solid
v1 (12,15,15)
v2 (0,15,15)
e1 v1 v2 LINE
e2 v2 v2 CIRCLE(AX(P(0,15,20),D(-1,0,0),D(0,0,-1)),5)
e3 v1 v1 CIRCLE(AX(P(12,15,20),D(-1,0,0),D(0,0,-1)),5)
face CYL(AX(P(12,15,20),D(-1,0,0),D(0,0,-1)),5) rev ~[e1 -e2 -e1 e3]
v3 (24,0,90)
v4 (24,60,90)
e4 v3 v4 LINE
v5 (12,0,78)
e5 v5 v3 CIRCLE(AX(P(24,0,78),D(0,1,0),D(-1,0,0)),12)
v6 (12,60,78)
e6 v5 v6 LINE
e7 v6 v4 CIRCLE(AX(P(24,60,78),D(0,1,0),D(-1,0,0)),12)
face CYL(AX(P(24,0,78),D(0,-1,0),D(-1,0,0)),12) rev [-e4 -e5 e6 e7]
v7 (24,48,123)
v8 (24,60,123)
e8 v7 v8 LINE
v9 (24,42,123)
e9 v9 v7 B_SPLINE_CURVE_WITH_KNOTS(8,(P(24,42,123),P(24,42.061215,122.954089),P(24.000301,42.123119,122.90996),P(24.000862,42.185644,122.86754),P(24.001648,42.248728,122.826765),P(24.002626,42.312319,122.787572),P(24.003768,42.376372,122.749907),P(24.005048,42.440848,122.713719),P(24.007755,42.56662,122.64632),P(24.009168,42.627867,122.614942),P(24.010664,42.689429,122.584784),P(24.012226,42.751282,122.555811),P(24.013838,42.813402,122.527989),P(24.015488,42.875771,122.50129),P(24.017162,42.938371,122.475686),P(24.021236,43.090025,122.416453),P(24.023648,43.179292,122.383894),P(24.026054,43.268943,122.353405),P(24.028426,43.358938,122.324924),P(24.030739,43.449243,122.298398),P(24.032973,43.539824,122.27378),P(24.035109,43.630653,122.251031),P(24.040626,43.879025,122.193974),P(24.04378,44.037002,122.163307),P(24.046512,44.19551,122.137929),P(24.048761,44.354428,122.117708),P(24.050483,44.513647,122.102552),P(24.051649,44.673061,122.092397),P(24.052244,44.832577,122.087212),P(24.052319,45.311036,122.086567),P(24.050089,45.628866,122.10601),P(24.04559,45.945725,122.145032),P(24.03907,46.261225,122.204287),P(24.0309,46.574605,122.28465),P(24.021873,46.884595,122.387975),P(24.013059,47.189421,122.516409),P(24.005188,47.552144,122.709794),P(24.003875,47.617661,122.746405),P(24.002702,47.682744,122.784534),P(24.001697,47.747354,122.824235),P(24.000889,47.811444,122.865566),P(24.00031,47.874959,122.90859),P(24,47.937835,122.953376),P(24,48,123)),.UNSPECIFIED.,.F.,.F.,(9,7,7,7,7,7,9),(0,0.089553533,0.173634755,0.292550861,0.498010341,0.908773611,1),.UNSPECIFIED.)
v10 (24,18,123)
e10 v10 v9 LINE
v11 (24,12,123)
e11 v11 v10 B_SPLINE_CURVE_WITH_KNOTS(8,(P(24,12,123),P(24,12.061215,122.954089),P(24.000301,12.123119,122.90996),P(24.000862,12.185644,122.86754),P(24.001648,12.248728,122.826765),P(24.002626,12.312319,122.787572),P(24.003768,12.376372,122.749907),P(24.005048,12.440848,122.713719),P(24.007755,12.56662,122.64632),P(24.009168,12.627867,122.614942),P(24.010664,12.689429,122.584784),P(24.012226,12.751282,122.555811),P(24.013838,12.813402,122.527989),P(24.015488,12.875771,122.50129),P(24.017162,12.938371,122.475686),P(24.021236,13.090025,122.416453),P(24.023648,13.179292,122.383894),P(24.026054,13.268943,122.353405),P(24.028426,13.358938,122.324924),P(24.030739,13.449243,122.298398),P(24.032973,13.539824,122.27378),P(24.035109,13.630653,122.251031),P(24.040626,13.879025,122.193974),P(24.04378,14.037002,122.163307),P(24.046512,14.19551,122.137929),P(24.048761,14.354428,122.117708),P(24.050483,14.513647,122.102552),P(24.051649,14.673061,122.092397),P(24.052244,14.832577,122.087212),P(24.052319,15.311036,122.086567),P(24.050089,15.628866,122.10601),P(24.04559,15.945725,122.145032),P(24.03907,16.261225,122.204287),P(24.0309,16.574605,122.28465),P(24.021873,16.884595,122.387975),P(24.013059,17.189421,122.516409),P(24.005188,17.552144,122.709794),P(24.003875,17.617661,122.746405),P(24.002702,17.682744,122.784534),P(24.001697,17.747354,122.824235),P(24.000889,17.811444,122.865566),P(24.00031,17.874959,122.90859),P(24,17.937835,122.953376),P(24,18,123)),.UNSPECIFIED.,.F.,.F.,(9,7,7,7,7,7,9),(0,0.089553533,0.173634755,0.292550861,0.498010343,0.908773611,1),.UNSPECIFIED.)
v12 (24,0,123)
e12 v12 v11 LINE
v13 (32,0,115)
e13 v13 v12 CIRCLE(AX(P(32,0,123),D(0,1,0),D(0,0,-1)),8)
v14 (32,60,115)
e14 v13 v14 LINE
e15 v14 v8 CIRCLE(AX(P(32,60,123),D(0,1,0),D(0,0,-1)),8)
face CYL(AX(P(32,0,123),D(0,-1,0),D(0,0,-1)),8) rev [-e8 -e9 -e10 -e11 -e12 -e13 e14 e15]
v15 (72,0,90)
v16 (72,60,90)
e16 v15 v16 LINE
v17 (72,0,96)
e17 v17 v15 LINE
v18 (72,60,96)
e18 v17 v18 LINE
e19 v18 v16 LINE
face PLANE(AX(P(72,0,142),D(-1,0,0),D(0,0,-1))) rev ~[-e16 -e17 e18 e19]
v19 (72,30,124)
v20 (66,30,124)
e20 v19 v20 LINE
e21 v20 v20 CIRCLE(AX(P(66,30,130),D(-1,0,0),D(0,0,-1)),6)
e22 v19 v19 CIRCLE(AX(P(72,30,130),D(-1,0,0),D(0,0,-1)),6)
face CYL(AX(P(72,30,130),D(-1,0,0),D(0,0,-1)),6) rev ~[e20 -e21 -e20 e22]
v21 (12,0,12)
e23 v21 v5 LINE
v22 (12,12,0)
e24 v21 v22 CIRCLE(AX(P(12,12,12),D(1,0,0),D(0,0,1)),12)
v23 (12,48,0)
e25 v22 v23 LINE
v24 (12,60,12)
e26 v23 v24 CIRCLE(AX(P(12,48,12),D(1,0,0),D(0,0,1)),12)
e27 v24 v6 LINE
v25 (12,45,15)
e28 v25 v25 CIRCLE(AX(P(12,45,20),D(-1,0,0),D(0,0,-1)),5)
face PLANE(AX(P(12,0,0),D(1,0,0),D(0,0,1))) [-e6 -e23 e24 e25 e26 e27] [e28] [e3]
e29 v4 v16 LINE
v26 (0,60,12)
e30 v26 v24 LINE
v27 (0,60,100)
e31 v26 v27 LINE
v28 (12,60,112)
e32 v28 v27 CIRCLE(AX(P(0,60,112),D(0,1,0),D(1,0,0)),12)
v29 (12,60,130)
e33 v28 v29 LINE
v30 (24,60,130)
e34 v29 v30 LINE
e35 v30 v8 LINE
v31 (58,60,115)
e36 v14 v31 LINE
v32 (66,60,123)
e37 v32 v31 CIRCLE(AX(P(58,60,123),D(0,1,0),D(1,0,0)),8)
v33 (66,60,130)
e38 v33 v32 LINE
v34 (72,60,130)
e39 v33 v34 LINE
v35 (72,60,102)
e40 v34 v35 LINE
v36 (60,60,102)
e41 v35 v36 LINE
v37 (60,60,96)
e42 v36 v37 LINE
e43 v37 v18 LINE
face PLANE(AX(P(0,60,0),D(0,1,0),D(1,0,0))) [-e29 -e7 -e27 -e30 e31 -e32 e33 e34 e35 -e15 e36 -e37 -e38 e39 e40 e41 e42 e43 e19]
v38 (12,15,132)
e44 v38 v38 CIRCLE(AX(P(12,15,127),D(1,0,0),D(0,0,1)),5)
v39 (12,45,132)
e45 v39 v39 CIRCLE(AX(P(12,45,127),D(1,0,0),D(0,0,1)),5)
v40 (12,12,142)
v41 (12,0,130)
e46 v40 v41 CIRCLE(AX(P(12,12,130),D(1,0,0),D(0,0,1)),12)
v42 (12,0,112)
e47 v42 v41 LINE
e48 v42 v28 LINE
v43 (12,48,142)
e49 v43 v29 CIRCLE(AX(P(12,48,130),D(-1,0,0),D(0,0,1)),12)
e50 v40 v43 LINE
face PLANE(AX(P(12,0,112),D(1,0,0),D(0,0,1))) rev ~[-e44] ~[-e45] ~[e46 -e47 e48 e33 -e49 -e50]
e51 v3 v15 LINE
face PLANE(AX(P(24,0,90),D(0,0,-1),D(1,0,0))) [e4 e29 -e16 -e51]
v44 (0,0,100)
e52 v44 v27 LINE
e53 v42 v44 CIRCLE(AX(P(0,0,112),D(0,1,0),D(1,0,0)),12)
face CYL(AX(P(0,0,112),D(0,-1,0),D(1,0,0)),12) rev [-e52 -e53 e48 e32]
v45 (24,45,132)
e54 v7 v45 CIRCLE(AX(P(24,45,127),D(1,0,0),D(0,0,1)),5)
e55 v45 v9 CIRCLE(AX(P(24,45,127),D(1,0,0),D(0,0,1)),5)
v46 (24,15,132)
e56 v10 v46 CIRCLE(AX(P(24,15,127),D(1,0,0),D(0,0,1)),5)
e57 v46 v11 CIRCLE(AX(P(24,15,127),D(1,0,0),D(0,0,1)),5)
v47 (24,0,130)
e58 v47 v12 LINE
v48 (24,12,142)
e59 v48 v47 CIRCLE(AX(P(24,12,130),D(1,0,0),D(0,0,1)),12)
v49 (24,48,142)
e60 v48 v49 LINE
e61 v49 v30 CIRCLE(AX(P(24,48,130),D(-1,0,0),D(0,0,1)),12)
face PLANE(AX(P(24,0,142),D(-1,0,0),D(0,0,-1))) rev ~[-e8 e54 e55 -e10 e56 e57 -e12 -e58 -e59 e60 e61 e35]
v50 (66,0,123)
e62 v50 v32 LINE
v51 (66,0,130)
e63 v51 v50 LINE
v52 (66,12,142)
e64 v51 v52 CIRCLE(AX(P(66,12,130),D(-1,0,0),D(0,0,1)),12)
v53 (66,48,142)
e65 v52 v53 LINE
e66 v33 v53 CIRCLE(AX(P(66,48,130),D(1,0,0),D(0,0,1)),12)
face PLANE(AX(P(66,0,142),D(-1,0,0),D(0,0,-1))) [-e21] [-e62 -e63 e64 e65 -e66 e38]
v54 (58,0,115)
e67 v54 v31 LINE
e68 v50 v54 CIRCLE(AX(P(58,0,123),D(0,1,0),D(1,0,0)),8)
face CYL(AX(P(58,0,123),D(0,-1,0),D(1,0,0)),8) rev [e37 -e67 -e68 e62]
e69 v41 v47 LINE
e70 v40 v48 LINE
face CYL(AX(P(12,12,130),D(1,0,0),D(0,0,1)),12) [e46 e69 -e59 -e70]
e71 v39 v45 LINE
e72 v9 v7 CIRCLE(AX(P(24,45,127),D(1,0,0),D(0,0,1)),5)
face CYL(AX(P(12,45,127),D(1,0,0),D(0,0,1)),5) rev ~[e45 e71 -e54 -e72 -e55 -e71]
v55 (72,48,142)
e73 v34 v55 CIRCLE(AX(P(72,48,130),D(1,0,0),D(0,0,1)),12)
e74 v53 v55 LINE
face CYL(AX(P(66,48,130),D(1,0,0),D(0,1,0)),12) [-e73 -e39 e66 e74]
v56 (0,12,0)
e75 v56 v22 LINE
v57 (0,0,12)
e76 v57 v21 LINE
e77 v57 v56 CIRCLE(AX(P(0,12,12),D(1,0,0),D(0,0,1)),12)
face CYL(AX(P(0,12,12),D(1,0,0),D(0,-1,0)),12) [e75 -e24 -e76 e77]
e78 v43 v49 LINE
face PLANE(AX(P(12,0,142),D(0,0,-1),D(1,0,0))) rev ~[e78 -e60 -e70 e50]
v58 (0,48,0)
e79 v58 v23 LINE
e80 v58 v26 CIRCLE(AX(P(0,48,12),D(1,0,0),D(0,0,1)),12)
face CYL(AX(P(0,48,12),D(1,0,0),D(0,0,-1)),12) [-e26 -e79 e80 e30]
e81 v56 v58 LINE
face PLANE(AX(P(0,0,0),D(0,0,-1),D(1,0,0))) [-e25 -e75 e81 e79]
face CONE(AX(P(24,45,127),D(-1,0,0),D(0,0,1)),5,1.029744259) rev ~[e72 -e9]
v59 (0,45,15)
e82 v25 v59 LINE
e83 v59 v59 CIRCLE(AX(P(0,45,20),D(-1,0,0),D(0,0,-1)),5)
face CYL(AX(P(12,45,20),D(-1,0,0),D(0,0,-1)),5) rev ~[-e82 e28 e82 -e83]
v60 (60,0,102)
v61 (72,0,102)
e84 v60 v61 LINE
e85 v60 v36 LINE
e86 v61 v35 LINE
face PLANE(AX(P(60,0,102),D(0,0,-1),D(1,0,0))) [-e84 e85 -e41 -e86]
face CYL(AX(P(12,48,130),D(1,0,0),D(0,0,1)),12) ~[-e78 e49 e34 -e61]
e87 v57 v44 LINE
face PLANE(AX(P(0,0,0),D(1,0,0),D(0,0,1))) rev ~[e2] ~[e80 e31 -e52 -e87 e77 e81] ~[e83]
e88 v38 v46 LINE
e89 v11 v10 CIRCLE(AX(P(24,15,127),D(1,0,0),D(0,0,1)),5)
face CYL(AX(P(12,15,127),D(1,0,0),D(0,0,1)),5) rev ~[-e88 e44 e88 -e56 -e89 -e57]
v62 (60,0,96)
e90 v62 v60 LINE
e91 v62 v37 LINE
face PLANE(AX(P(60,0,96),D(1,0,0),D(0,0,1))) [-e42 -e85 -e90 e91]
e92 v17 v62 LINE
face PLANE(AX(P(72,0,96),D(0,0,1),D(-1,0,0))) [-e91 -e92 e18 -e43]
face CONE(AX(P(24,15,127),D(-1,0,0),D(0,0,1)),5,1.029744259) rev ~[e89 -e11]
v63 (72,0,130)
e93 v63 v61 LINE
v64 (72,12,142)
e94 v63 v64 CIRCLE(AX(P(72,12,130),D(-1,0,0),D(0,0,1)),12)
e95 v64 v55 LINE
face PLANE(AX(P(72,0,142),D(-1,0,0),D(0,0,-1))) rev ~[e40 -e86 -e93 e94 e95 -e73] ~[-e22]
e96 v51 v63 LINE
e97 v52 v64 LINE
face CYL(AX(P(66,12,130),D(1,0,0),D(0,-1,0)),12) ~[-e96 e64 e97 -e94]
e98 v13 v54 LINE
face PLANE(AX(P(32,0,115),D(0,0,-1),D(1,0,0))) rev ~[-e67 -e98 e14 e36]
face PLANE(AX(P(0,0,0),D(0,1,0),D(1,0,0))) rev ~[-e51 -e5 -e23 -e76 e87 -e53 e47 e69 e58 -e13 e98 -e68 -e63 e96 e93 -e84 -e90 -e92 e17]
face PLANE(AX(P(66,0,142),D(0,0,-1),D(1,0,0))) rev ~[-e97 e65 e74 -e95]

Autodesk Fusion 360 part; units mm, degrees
sketch "Sketch1" plane through (0, 0, 0) normal (0, 1, 0) x (1, 0, 0)
  line L0 (0, 0) -> (0, -100)
  line L1 (12, -112) -> (12, -142)
  arc A0 (12, -112) -> (0, -100) centre (0, -112) ccw
  line L2 (12, -142) -> (24, -142)
  line L3 (0, 0) -> (12, 0)
  line L4 (12, 0) -> (12, -78)
  line L5 (24, -90) -> (72, -90)
  line L6 (32, -115) -> (58, -115)
  line L7 (24, -142) -> (24, -123)
  arc A1 (32, -115) -> (24, -123) centre (32, -123) ccw
  line L8 (66, -142) -> (66, -123)
  arc A2 (66, -123) -> (58, -115) centre (58, -123) ccw
  line L9 (66, -142) -> (72, -142)
  line L10 (72, -142) -> (72, -90)
  arc A3 (12, -78) -> (24, -90) centre (24, -78) ccw
  point P0 (12, -90)
  dimension "d1" = 100
  dimension "d2" = 24
  dimension "d4" = 142
  dimension "d6" = 12
  dimension "d7" = 90
  dimension "d8" = 25
  dimension "d9" = 8
  dimension "d10" = 42
  dimension "d11" = 8
  dimension "d12" = 6
  dimension "d13" = 12
extrude "Extrude1" add sketch "Sketch1" along normal blind 60
fillet "Fillet1" radius 12 2 edges at (18, 60, 142) (18, 0, 142)
fillet "Fillet2" radius 12 2 edges at (69, 0, 142) (69, 60, 142)
fillet "Fillet3" radius 12 2 edges at (6, 60, 0) (6, 0, 0)
sketch "Sketch2" plane through (0, 0, 0) normal (0, -1, 0) x (1, 0, 0)
  line L0 (0, 12) -> (12, 12)
  line L1 (12, 12) -> (12, 78)
  arc A0 (24, 90) -> (12, 78) centre (24, 78) ccw
  line L2 (24, 90) -> (72, 90)
  line L3 (72, 90) -> (72, 130)
  line L4 (72, 130) -> (66, 130)
  line L5 (66, 130) -> (66, 123)
  arc A1 (58, 115) -> (66, 123) centre (58, 123) ccw
  line L6 (58, 115) -> (32, 115)
  arc A2 (24, 123) -> (32, 115) centre (32, 123) ccw
  line L7 (24, 123) -> (24, 130)
  line L8 (24, 130) -> (12, 130)
  line L9 (12, 130) -> (12, 112)
  arc A3 (0, 100) -> (12, 112) centre (0, 112) ccw
  line L10 (0, 100) -> (0, 12)
  line L11 (60, 102) -> (72, 102)
  line L12 (72, 102) -> (72, 96)
  line L13 (72, 96) -> (60, 96)
  line L14 (60, 96) -> (60, 102)
  dimension "d22" = 6
  dimension "d23" = 12
  dimension "d24" = 12
extrude "Extrude2" cut sketch "Sketch2" against normal through all contours L3 L11 L12 L13 L14
sketch "Sketch3" plane through (72, 0, 0) normal (1, 0, 0) x (0, 1, 0)
  line L0 (0, 102) -> (60, 102)
  line L1 (60, 102) -> (60, 130)
  arc A0 (60, 130) -> (48, 142) centre (48, 130) ccw
  line L2 (48, 142) -> (12, 142)
  arc A1 (12, 142) -> (0, 130) centre (12, 130) ccw
  line L3 (0, 130) -> (0, 102)
  point P0 (30, 130)
hole "Hole1" at (72, 30, 130) direction (-1, 0, 0) diameter 12 depth 6 tip angle 118
sketch "Sketch4" plane through (12, 0, 0) normal (1, 0, 0) x (0, 1, 0)
  arc A0 (0, 12) -> (12, 0) centre (12, 12) ccw
  line L0 (12, 0) -> (48, 0)
  arc A1 (48, 0) -> (60, 12) centre (48, 12) ccw
  line L1 (60, 12) -> (60, 78)
  line L2 (60, 78) -> (0, 78)
  line L3 (0, 78) -> (0, 12)
  point P0 (15, 20)
  point P1 (45, 20)
  dimension "d30" = 15
  dimension "d31" = 15
  dimension "d32" = 20
hole "Hole2" at (12, 45, 20) at (12, 15, 20) direction (-1, 0, 0) diameter 10 depth 12 tip angle 118
sketch "Sketch5" plane through (12, 0, 0) normal (-1, 0, 0) x (0, -1, 0)
  arc A0 (0, 130) -> (-12, 142) centre (-12, 130) ccw
  line L0 (-12, 142) -> (-48, 142)
  arc A1 (-48, 142) -> (-60, 130) centre (-48, 130) ccw
  line L1 (-60, 130) -> (-60, 112)
  line L2 (-60, 112) -> (0, 112)
  line L3 (0, 112) -> (0, 130)
  point P0 (-45, 127)
  point P1 (-15, 127)
  dimension "d36" = 30
  dimension "d37" = 15
  dimension "d38" = 15
hole "Hole3" at (12, 45, 127) at (12, 15, 127) direction (1, 0, 0) diameter 10 depth 12 tip angle 118
